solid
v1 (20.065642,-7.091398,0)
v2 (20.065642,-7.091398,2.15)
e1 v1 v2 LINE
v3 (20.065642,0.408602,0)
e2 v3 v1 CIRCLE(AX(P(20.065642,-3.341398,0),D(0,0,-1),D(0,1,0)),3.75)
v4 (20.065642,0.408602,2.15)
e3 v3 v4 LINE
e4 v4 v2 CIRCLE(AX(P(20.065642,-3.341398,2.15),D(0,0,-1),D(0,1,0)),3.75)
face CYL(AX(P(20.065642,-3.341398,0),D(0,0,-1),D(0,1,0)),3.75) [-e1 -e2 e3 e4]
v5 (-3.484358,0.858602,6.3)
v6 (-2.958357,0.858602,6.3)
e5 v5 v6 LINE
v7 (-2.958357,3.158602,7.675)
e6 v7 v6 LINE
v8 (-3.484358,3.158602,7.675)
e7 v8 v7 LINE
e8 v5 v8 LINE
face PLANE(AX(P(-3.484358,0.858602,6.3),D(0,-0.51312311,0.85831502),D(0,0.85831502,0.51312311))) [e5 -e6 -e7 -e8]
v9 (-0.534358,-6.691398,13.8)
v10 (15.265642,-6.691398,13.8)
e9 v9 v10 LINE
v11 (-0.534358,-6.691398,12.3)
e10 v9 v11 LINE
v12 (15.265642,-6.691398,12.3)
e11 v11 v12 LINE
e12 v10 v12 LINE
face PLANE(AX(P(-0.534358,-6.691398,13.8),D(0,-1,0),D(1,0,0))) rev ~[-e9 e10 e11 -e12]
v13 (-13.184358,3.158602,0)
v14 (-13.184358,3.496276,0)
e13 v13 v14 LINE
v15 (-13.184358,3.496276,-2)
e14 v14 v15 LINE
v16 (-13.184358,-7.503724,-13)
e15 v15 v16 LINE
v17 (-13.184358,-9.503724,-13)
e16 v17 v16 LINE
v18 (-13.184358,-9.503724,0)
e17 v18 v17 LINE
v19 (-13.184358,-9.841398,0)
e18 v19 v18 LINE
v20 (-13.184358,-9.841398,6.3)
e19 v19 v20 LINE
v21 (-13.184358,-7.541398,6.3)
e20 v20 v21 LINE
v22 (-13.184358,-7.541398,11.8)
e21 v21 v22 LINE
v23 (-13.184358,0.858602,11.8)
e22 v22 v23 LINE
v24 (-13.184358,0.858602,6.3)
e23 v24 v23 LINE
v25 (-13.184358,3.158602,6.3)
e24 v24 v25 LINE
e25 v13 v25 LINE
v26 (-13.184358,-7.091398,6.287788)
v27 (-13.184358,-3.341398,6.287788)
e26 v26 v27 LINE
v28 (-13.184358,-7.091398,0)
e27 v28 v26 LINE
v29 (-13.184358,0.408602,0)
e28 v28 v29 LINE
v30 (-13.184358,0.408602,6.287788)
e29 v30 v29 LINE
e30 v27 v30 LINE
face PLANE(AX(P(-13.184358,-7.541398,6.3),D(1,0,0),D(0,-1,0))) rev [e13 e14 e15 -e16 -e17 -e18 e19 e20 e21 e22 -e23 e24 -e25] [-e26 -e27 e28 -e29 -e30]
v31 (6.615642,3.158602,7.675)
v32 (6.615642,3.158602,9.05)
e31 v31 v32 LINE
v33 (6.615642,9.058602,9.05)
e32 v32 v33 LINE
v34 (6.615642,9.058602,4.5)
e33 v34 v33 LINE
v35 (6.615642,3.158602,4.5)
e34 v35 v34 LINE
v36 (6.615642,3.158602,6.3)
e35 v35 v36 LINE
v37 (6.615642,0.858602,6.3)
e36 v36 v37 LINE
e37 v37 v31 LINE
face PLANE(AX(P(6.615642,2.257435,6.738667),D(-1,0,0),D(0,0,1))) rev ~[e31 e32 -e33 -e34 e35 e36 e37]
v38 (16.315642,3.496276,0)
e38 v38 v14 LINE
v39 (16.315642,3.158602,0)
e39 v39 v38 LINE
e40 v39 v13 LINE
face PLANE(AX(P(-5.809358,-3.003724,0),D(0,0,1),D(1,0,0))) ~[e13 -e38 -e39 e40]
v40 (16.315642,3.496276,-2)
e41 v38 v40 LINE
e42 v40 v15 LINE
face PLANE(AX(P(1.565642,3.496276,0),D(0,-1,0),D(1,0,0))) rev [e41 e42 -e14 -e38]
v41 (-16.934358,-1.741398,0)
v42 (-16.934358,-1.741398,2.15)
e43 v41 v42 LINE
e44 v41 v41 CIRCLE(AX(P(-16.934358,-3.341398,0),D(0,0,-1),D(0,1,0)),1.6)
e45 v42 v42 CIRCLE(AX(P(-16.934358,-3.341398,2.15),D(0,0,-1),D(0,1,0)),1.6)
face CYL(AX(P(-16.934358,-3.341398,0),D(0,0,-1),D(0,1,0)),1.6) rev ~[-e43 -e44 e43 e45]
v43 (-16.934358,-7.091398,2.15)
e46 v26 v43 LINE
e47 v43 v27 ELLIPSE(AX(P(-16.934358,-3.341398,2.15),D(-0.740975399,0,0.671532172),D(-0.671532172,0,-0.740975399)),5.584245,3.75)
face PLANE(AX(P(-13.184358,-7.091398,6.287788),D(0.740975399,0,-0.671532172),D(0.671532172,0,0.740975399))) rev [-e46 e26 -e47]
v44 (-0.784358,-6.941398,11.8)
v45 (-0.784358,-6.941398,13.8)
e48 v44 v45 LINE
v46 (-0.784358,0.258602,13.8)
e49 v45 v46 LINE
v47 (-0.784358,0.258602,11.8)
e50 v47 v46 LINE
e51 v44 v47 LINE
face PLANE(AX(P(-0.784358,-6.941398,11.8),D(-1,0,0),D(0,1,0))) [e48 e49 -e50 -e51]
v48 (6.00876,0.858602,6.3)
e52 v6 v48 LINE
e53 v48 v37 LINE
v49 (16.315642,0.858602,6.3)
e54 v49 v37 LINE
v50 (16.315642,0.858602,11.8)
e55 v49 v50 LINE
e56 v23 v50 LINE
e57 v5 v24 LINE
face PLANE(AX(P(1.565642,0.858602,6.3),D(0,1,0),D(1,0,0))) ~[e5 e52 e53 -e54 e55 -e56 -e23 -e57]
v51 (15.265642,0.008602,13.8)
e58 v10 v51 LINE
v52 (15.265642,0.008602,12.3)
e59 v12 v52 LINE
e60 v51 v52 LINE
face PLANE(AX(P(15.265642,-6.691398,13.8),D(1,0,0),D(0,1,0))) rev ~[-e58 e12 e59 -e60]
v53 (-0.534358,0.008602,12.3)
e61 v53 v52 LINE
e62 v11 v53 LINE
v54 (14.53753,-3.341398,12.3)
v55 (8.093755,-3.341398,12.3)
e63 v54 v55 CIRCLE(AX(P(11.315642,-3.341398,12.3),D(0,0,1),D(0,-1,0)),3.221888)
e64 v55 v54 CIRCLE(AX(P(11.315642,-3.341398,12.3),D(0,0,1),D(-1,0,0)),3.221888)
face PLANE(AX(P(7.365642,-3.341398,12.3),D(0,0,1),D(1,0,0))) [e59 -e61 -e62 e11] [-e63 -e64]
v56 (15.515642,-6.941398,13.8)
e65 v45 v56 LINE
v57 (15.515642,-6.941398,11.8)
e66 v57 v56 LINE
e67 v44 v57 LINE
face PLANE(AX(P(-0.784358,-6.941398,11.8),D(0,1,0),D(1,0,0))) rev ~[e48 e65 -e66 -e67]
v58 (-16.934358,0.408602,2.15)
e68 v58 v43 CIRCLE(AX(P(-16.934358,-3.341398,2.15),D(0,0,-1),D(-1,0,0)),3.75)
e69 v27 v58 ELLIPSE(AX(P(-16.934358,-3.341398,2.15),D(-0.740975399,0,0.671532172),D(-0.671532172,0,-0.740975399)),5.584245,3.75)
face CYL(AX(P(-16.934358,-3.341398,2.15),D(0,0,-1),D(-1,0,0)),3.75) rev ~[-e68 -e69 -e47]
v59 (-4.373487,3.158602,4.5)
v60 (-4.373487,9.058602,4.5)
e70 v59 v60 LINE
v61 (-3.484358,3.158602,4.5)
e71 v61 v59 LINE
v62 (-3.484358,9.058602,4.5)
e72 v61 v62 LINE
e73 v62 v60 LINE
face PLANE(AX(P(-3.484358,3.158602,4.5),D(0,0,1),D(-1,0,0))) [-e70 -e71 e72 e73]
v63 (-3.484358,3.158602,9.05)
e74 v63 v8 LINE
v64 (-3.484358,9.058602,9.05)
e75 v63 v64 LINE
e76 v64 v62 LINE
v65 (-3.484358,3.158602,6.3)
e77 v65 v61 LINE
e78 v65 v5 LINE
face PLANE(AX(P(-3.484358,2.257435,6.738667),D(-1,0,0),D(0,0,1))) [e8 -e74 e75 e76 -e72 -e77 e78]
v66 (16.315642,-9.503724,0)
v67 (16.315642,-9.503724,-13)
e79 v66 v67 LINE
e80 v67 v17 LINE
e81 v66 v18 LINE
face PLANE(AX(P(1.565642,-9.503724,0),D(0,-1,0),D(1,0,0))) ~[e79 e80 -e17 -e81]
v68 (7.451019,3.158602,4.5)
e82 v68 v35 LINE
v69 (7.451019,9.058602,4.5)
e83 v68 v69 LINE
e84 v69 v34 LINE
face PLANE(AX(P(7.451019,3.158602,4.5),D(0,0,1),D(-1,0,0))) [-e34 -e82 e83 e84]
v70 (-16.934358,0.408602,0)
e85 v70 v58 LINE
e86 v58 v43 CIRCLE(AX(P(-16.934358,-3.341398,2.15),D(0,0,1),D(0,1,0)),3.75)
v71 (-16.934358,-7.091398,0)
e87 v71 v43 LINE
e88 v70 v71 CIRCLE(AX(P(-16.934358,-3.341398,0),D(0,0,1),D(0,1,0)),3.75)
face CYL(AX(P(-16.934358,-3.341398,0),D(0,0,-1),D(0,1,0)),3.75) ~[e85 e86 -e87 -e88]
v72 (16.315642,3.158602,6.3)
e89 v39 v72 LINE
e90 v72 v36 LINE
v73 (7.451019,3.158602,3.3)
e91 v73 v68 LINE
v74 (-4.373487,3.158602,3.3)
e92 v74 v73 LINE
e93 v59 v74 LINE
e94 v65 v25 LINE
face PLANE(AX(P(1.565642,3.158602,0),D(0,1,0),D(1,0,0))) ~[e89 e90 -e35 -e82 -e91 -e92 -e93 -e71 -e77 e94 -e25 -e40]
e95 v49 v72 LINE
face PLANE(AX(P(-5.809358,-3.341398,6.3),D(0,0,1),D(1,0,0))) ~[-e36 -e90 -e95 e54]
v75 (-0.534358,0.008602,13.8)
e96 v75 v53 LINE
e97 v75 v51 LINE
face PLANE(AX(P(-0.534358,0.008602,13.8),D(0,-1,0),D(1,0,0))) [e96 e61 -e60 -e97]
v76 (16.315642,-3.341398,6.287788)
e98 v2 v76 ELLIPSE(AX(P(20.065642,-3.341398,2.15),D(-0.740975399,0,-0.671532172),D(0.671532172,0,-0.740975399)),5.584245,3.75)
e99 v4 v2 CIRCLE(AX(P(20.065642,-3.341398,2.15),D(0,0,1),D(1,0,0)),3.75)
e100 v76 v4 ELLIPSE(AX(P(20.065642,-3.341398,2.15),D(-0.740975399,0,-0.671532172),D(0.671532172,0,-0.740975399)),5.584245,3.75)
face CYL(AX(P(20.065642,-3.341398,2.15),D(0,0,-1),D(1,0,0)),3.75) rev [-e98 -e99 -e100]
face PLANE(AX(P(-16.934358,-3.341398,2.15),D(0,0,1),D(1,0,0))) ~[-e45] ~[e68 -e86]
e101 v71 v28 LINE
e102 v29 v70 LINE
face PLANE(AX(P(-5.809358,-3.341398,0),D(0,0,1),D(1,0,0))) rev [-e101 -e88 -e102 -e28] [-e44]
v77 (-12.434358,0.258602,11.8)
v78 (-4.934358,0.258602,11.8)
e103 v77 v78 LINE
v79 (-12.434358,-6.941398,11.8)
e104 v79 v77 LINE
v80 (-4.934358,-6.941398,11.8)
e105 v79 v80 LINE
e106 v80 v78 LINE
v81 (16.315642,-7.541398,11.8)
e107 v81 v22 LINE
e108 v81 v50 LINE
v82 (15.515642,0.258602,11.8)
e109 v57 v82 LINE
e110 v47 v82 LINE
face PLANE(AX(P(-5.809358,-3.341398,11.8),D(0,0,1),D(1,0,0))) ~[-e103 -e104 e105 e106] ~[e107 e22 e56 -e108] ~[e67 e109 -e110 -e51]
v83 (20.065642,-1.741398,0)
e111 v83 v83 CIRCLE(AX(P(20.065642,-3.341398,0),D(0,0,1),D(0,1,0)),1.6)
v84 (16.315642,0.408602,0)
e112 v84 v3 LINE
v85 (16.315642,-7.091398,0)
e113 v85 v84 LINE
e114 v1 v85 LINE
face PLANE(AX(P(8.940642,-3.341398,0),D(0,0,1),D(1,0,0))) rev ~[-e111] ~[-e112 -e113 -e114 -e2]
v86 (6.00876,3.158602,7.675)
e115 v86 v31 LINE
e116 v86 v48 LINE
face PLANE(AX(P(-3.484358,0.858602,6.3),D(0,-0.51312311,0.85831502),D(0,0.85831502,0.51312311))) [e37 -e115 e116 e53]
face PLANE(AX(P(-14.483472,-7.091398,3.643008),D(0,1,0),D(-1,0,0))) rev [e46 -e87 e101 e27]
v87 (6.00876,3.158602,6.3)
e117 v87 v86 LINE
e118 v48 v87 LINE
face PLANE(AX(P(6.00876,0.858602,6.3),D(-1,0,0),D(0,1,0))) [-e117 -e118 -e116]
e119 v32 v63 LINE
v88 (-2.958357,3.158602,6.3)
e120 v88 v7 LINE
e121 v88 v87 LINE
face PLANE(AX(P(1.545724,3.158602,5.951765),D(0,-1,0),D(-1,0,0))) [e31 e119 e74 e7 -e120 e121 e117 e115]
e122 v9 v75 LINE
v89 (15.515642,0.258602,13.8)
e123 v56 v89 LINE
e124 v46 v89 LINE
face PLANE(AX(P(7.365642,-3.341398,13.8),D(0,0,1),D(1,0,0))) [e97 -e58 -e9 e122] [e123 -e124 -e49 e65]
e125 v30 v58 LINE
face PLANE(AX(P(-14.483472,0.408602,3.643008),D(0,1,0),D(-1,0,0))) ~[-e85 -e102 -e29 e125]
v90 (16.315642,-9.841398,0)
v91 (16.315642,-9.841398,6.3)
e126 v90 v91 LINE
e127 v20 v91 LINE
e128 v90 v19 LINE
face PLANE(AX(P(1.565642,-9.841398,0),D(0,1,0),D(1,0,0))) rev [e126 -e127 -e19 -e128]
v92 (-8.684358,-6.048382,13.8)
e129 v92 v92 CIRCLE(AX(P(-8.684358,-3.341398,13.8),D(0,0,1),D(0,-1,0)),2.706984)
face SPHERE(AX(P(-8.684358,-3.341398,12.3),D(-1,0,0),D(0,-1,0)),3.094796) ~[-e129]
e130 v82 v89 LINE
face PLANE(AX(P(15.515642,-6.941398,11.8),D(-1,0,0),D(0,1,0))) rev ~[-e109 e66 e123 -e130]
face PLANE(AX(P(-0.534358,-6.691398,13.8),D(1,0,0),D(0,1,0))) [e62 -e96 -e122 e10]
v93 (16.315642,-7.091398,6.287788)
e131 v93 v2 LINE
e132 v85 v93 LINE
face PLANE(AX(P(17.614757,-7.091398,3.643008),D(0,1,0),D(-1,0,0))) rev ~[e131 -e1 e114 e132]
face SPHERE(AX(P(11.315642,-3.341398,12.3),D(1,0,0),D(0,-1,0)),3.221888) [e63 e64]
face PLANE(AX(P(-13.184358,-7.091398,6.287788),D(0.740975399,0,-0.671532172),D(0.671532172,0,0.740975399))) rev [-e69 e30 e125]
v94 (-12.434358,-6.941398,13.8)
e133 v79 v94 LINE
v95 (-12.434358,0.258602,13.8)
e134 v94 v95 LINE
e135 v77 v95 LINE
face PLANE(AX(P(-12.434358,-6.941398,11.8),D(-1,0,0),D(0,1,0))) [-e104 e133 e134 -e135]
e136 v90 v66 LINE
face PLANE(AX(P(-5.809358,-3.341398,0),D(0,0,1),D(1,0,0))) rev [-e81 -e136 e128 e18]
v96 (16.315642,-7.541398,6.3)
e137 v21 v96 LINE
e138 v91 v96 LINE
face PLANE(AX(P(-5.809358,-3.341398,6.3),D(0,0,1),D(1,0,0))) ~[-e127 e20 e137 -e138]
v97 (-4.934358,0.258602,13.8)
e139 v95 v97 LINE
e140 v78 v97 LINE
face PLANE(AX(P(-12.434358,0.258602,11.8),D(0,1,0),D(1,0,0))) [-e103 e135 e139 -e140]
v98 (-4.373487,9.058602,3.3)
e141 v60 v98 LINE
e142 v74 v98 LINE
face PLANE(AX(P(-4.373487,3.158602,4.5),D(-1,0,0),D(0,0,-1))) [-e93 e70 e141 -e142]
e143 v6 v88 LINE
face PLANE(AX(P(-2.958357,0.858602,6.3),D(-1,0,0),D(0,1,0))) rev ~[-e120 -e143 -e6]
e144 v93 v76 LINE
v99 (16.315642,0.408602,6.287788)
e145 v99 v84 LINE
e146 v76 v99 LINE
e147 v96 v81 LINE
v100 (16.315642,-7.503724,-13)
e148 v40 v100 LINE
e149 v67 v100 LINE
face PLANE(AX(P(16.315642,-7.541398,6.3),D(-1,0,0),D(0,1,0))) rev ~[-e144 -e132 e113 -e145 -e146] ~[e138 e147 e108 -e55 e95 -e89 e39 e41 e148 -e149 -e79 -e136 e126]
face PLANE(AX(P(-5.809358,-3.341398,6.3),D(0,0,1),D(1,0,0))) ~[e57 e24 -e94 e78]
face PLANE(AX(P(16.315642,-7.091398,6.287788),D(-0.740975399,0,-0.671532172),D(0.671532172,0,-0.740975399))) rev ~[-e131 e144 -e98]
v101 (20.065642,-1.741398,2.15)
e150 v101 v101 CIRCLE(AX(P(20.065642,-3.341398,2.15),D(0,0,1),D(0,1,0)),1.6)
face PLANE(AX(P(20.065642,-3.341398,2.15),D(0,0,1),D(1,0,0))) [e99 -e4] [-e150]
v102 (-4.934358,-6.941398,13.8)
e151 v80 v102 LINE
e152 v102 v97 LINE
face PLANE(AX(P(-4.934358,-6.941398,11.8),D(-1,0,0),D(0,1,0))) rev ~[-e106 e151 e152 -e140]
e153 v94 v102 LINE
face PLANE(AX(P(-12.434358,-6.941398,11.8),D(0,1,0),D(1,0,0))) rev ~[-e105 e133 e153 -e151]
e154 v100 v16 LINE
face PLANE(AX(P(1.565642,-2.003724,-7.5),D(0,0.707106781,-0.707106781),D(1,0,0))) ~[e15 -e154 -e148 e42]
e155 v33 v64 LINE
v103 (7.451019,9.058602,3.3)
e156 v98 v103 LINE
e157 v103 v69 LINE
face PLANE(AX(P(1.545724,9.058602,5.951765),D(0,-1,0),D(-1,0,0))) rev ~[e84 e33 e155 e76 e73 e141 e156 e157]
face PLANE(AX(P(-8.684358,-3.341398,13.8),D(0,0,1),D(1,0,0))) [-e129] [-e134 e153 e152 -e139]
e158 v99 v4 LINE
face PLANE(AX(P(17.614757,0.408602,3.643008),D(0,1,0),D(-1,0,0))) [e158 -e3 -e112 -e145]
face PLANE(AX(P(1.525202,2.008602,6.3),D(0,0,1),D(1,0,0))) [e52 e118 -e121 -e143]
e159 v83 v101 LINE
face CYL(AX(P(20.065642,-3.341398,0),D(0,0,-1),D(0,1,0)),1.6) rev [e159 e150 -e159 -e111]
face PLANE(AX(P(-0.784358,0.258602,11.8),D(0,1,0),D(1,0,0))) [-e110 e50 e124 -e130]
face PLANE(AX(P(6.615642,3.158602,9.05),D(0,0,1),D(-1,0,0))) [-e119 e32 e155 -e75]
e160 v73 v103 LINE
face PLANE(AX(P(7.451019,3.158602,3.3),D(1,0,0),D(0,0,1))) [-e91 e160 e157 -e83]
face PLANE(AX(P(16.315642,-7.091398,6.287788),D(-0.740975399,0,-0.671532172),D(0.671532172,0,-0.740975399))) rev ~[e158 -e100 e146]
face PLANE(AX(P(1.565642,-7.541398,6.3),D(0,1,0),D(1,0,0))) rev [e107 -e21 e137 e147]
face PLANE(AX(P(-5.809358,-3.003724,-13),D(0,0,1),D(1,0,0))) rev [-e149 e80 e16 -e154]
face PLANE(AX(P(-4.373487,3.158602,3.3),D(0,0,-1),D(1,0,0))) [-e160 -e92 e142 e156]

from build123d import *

# Parameters (mm, degrees)
BOSS_EXTRU_2_DEPTH      = 2.15
ESQUISSE2_W             = 14.75
ESQUISSE2_H             = 13
BOSS_EXTRU_3_DEPTH      = 6.3
BOSS_EXTRU_4_DEPTH      = 7.5
BOSS_EXTRUDE1_DEPTH     = 13
CHAMFER1_SIZE           = 11
ESQUISSE3_R             = 1.6
ENL_V_MAT_EXTRU_1_DEPTH = 6.3
ENL_V_START             = -4.15
ESQUISSE11_R            = 3.75
ENL_V_MAT_EXTRU_2_DEPTH = 4.15
ESQUISSE12_W            = 14.75
ESQUISSE12_H            = 8.4
BOSS_EXTRU_5_DEPTH      = 5.5
ESQUISSE13_W            = 16.3
ESQUISSE13_H            = 7.2
BOSS_EXTRU_6_DEPTH      = 2
ESQUISSE14_W            = 7.5
ESQUISSE14_H            = 7.2
BOSS_EXTRU_7_DEPTH      = 2
ESQUISSE16_W            = 15.8
ESQUISSE16_H            = 6.7
ENL_V_MAT_EXTRU_3_DEPTH = 1.5
BOSS_EXTRU_9_DEPTH      = 5.9
BOSS_EXTRU_10_DEPTH     = 10.1
ESQUISSE20_W            = 8.967116883
ESQUISSE20_H            = 2.3
ENL_V_MAT_EXTRU_4_DEPTH = 10.1


with BuildPart() as part:
    # Esquisse1 → Boss.-Extru.2 (new body)
    with BuildSketch(Plane.XY):
        with BuildLine():
            Line((20.065642458, -7.091397664), (16.315642458, -7.091397664))
            Line((16.315642458, -7.091397664), (16.315642458, 0.408602336))
            Line((16.315642458, 0.408602336), (20.065642458, 0.408602336))
            ThreePointArc((20.065642458, 0.408602336), (23.815642458, -3.341397664), (20.065642458, -7.091397664))
        make_face()
    extrude(amount=BOSS_EXTRU_2_DEPTH)



with BuildPart() as body_2:
    # Esquisse2 → Boss.-Extru.3 (new body)
    with BuildSketch(Plane.XY):
        with Locations((8.940642458, -3.341397664)):
            Rectangle(ESQUISSE2_W, ESQUISSE2_H)
    extrude(amount=BOSS_EXTRU_3_DEPTH)


with BuildPart() as part_1:
    add(part.part)

    add(body_2.part)  # Boss.-Extru.4 merges body 2
    # Esquisse10 → Boss.-Extru.4 (add)
    with BuildSketch(Plane.XZ.offset(7.091397664)):
        Polygon((16.315642458, 6.287787974), (20.065642458, 2.15), (16.315642458, 2.15), align=None)
    extrude(amount=-BOSS_EXTRU_4_DEPTH)

    # Esquisse1<5> → Boss-Extrude1 (add)
    with BuildSketch(Plane.XY):
        Polygon((16.315642458, 3.496275605), (1.565642458, 3.496275605), (1.565642458, -9.503724395), (16.315642458, -9.503724395), (16.315642458, -7.091397664), (16.315642458, 0.408602336), align=None)
    extrude(amount=-BOSS_EXTRUDE1_DEPTH)

    # Chamfer1
    chamfer1_edges = [part_1.edges().sort_by_distance(p)[0] for p in [
        (8.940642458, 3.496275605, -13),
    ]]
    chamfer(chamfer1_edges, length=CHAMFER1_SIZE)

    # Esquisse3 → Enlèv. mat.-Extru.1 (cut)
    with BuildSketch(Plane.XY):
        with Locations((-16.934357542, -3.341397664)):
            Circle(ESQUISSE3_R)
        with Locations((20.065642458, -3.341397664)):
            Circle(ESQUISSE3_R)
    extrude(amount=ENL_V_MAT_EXTRU_1_DEPTH, mode=Mode.SUBTRACT)

    # Esquisse11 → Enlèv. mat.-Extru.2 (cut)
    with BuildSketch(Plane.XY.offset(6.3).offset(ENL_V_START)):
        with Locations((20.065642458, -3.341397664)):
            Circle(ESQUISSE11_R)
    extrude(amount=ENL_V_MAT_EXTRU_2_DEPTH, mode=Mode.SUBTRACT)

    # Esquisse12 → Boss.-Extru.5 (add)
    with BuildSketch(Plane.XY.offset(6.3)):
        with Locations((8.940642458, -3.341397664)):
            Rectangle(ESQUISSE12_W, ESQUISSE12_H)
    extrude(amount=BOSS_EXTRU_5_DEPTH)

    # Symétrie15: part across plane


with BuildPart() as part_2:
    add(part_1.part)
    add(part_1.part.mirror(Plane(origin=(1.565642458, 3.158602336, 6.3), x_dir=(0, 0, 1), z_dir=(1, 0, 0))))

    # Esquisse13 → Boss.-Extru.6 (add)
    with BuildSketch(Plane.XY.offset(11.8)):
        with Locations((7.365642458, -3.341397664)):
            Rectangle(ESQUISSE13_W, ESQUISSE13_H)
    extrude(amount=BOSS_EXTRU_6_DEPTH)

    # Esquisse14 → Boss.-Extru.7 (add)
    with BuildSketch(Plane.XY.offset(11.8)):
        with Locations((-8.684357542, -3.341397664)):
            Rectangle(ESQUISSE14_W, ESQUISSE14_H)
    extrude(amount=BOSS_EXTRU_7_DEPTH)

    # Esquisse16 → Enlèv. mat.-Extru.3 (cut)
    with BuildSketch(Plane.XY.offset(13.8)):
        with Locations((7.365642458, -3.341397664)):
            Rectangle(ESQUISSE16_W, ESQUISSE16_H)
    extrude(amount=-ENL_V_MAT_EXTRU_3_DEPTH, mode=Mode.SUBTRACT)

    # Esquisse15 → Révolution14 (revolve)
    with BuildSketch(Plane.XY.offset(12.3)):
        with BuildLine():
            Line((14.537530361, -3.341397664), (8.093754555, -3.341397664))
            ThreePointArc((8.093754555, -3.341397664), (11.315642458, -6.563285567), (14.537530361, -3.341397664))
        make_face()
        with BuildLine():
            Line((-11.779153482, -3.341397664), (-5.589561602, -3.341397664))
            ThreePointArc((-5.589561602, -3.341397664), (-8.684357542, -6.436193604), (-11.779153482, -3.341397664))
        make_face()
    revolve(axis=Axis((-12.130427956, -3.341397664, 12.3), (1, 0, 0)))

    # Esquisse18 → Boss.-Extru.9 (add)
    with BuildSketch(Plane(origin=(0, 3.158602336, 0), x_dir=(1, 0, 0), z_dir=(0, 1, 0))):
        Polygon((6.615642458, -4.5), (6.615642458, -9.05), (-3.484357542, -9.05), (-3.484357542, -4.5), (-4.37348724, -4.5), (-4.37348724, -3.3), (7.451018627, -3.3), (7.451018627, -4.5), align=None)
    extrude(amount=BOSS_EXTRU_9_DEPTH)

    # Esquisse19 → Boss.-Extru.10 (add)
    with BuildSketch(Plane.ZY.offset(3.484357542)):
        Polygon((6.3, 0.858602336), (7.675, 3.158602336), (6.3, 3.158602336), align=None)
    extrude(amount=-BOSS_EXTRU_10_DEPTH)

    # Esquisse20 → Enlèv. mat.-Extru.4 (cut)
    with BuildSketch(Plane.XY.offset(6.3)):
        with Locations((1.525201642, 2.008602336)):
            Rectangle(ESQUISSE20_W, ESQUISSE20_H)
    extrude(amount=ENL_V_MAT_EXTRU_4_DEPTH, mode=Mode.SUBTRACT)


solid = part_2.part
